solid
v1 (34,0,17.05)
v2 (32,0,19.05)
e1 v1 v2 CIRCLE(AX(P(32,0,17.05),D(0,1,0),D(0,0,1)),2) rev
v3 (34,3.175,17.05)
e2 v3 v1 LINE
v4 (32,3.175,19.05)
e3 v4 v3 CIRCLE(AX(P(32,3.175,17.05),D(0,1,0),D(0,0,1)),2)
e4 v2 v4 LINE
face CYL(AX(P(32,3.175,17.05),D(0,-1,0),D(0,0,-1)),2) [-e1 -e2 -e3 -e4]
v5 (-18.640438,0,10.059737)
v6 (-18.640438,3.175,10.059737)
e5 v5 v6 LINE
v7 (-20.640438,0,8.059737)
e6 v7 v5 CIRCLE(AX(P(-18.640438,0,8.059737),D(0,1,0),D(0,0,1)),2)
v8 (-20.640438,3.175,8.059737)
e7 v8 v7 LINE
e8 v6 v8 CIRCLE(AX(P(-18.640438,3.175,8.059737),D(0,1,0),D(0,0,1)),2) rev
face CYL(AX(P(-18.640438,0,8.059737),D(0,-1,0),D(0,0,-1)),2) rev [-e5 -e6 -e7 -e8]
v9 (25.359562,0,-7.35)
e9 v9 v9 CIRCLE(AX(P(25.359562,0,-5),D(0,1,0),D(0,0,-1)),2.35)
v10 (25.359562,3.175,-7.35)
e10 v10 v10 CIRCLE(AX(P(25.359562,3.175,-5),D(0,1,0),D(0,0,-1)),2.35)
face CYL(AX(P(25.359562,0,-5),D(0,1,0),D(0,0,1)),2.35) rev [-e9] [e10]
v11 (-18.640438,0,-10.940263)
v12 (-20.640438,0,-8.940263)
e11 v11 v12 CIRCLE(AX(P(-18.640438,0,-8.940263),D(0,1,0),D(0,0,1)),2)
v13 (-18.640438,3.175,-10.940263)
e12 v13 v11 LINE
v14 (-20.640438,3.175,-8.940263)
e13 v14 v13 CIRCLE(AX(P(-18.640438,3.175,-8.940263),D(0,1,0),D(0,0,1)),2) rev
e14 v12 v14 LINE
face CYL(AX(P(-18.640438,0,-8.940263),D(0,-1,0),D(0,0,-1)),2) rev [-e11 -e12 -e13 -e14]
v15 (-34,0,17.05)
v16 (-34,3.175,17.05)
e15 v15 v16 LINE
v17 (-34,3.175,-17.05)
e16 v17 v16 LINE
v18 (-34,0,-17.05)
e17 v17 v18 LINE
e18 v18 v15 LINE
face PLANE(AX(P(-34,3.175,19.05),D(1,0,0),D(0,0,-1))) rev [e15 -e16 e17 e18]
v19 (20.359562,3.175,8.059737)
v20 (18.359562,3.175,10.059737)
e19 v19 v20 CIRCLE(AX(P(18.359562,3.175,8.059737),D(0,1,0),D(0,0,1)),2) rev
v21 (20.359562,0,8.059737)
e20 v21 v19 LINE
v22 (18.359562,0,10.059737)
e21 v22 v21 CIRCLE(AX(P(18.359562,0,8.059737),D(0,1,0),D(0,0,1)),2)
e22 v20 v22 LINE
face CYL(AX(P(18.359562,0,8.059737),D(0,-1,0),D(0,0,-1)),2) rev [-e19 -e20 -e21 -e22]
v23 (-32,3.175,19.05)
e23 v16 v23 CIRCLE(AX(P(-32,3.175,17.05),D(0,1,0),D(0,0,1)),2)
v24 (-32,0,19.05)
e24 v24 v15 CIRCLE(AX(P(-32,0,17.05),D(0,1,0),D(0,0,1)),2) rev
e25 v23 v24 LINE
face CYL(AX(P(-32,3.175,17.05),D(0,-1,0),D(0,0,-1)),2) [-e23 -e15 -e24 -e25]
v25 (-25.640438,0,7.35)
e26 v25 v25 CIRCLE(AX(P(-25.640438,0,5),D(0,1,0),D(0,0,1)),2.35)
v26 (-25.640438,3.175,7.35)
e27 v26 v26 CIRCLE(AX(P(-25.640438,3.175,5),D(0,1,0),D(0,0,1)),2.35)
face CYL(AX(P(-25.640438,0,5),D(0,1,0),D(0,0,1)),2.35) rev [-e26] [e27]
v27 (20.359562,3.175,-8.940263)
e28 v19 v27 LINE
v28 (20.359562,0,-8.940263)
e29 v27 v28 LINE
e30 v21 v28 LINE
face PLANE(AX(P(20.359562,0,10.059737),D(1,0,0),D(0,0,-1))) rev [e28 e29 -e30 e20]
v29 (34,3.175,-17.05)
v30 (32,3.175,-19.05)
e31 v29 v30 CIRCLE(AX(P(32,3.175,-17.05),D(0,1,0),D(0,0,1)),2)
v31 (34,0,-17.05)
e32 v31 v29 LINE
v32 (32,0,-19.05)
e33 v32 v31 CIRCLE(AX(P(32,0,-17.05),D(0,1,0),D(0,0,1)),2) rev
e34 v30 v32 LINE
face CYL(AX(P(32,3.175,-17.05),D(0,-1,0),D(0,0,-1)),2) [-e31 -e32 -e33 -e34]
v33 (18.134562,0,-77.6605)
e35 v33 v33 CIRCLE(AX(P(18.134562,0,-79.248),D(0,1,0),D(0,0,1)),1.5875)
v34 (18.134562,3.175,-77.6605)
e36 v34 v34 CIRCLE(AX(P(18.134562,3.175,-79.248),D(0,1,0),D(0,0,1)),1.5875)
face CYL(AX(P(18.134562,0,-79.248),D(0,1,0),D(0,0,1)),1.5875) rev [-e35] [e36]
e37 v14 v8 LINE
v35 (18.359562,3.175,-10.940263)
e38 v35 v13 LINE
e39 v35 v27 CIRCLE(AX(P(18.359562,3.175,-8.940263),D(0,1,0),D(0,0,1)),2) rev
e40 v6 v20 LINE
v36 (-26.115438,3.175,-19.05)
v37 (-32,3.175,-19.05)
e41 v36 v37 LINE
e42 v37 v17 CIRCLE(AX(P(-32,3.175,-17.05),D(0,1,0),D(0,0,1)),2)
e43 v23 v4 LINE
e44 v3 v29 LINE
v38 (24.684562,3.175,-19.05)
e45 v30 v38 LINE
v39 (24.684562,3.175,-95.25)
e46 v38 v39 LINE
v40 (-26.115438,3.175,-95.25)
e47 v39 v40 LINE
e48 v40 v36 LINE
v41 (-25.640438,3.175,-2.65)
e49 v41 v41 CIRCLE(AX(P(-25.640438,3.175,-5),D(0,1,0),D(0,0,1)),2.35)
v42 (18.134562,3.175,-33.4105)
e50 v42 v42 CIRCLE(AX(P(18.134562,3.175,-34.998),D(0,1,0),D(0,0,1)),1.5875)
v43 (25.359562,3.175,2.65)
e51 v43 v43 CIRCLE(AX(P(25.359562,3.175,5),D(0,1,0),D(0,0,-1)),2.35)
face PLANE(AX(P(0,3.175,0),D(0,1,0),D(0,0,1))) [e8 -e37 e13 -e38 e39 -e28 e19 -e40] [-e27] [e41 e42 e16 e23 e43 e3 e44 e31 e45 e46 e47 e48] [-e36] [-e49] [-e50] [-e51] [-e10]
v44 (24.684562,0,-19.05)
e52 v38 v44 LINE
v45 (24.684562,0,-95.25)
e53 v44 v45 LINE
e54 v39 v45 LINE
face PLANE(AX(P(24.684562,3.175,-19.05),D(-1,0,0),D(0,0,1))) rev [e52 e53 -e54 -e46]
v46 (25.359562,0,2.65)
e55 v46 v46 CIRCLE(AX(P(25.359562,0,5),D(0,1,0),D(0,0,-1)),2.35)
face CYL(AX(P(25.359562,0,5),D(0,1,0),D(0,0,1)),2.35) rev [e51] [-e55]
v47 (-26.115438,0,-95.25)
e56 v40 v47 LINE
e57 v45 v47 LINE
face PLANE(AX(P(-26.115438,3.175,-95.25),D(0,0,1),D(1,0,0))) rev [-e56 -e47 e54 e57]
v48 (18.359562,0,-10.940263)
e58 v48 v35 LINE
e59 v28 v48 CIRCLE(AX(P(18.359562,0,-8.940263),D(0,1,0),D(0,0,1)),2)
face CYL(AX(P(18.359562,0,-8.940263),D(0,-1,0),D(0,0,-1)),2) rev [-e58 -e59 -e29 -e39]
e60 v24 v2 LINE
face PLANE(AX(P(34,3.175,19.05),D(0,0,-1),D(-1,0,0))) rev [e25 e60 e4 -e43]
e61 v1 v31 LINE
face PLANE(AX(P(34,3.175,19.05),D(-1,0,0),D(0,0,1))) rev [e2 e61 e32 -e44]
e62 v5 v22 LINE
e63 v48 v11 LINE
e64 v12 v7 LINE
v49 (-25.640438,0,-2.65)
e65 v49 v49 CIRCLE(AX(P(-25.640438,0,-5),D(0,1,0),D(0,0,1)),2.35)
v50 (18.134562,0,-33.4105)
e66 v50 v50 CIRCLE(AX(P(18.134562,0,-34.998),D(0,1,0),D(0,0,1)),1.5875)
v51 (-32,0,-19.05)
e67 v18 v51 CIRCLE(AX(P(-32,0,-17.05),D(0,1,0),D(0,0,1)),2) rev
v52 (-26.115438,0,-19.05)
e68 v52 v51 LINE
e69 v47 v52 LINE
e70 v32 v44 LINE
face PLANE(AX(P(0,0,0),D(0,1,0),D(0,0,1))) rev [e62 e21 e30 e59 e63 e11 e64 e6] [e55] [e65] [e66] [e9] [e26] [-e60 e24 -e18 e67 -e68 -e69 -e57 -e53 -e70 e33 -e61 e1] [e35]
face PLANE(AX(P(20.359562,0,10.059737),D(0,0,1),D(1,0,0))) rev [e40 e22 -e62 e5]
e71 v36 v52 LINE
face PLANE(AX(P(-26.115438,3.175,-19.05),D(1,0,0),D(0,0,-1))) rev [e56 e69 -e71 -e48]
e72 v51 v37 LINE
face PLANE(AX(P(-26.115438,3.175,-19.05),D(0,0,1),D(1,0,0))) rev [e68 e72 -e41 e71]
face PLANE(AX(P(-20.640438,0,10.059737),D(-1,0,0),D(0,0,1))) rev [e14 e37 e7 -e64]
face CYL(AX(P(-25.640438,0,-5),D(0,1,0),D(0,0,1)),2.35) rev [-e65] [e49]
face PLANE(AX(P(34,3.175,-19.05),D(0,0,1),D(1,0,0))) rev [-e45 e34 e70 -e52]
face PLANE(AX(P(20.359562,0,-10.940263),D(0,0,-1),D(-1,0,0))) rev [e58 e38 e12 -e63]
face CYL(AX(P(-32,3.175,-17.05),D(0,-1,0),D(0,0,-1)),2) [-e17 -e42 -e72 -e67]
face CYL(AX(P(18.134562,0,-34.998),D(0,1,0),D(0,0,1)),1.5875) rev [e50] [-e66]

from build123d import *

# Parameters (mm, degrees)
BOSS_EXTRUDE1_DEPTH = 3.175
SKETCH2_R           = 2.35
SKETCH2_W           = 41
SKETCH2_H           = 21
CUT_EXTRUDE1_DEPTH  = 102.186180504
FILLET1_R           = 2
SKETCH5_R           = 1.5875
CUT_EXTRUDE2_DEPTH  = 102.186180504


with BuildPart() as part:
    # Sketch1 → Boss-Extrude1 (new body)
    with BuildSketch(Plane(origin=(0, 0, 0), x_dir=(1, 0, 0), z_dir=(0, 1, 0))):
        Polygon((-26.115438157, 19.05), (-34, 19.05), (-34, -19.05), (34, -19.05), (34, 19.05), (24.684561843, 19.05), (24.684561843, 95.25), (-26.115438157, 95.25), align=None)
    extrude(amount=BOSS_EXTRUDE1_DEPTH)

    # Sketch2 → Cut-Extrude1 (cut, through all)
    with BuildSketch(Plane(origin=(0, 3.175, 0), x_dir=(1, 0, 0), z_dir=(0, 1, 0))):
        with Locations(Location((-25.640438157, 5, 0), (0, 0, 270))):
            Circle(SKETCH2_R)
        with Locations(Location((-25.640438157, -5, 0), (0, 0, 270))):
            Circle(SKETCH2_R)
        with Locations(Location((25.359561843, -5, 0), (0, 0, 90))):
            Circle(SKETCH2_R)
        with Locations(Location((25.359561843, 5, 0), (0, 0, 90))):
            Circle(SKETCH2_R)
        with Locations((-0.140438157, 0.440263383)):
            Rectangle(SKETCH2_W, SKETCH2_H)
    extrude(amount=-CUT_EXTRUDE1_DEPTH, mode=Mode.SUBTRACT)

    # Fillet1
    fillet1_edges = [part.edges().sort_by_distance(p)[0] for p in [
        (-34, 1.5875, -19.05),
        (34, 1.5875, -19.05),
        (34, 1.5875, 19.05),
        (-34, 1.5875, 19.05),
        (-20.640438157, 1.5875, 10.059736617),
        (-20.640438157, 1.5875, -10.940263383),
        (20.359561843, 1.5875, -10.940263383),
        (20.359561843, 1.5875, 10.059736617),
    ]]
    fillet(fillet1_edges, radius=FILLET1_R)

    # Sketch5 → Cut-Extrude2 (cut, through all)
    with BuildSketch(Plane(origin=(0, 3.175, 0), x_dir=(1, 0, 0), z_dir=(0, 1, 0))):
        with Locations(Location((18.134561843, 79.248, 0), (0, 0, 270))):
            Circle(SKETCH5_R)
        with Locations(Location((18.134561843, 34.998, 0), (0, 0, 270))):
            Circle(SKETCH5_R)
    extrude(amount=-CUT_EXTRUDE2_DEPTH, mode=Mode.SUBTRACT)


solid = part.part
